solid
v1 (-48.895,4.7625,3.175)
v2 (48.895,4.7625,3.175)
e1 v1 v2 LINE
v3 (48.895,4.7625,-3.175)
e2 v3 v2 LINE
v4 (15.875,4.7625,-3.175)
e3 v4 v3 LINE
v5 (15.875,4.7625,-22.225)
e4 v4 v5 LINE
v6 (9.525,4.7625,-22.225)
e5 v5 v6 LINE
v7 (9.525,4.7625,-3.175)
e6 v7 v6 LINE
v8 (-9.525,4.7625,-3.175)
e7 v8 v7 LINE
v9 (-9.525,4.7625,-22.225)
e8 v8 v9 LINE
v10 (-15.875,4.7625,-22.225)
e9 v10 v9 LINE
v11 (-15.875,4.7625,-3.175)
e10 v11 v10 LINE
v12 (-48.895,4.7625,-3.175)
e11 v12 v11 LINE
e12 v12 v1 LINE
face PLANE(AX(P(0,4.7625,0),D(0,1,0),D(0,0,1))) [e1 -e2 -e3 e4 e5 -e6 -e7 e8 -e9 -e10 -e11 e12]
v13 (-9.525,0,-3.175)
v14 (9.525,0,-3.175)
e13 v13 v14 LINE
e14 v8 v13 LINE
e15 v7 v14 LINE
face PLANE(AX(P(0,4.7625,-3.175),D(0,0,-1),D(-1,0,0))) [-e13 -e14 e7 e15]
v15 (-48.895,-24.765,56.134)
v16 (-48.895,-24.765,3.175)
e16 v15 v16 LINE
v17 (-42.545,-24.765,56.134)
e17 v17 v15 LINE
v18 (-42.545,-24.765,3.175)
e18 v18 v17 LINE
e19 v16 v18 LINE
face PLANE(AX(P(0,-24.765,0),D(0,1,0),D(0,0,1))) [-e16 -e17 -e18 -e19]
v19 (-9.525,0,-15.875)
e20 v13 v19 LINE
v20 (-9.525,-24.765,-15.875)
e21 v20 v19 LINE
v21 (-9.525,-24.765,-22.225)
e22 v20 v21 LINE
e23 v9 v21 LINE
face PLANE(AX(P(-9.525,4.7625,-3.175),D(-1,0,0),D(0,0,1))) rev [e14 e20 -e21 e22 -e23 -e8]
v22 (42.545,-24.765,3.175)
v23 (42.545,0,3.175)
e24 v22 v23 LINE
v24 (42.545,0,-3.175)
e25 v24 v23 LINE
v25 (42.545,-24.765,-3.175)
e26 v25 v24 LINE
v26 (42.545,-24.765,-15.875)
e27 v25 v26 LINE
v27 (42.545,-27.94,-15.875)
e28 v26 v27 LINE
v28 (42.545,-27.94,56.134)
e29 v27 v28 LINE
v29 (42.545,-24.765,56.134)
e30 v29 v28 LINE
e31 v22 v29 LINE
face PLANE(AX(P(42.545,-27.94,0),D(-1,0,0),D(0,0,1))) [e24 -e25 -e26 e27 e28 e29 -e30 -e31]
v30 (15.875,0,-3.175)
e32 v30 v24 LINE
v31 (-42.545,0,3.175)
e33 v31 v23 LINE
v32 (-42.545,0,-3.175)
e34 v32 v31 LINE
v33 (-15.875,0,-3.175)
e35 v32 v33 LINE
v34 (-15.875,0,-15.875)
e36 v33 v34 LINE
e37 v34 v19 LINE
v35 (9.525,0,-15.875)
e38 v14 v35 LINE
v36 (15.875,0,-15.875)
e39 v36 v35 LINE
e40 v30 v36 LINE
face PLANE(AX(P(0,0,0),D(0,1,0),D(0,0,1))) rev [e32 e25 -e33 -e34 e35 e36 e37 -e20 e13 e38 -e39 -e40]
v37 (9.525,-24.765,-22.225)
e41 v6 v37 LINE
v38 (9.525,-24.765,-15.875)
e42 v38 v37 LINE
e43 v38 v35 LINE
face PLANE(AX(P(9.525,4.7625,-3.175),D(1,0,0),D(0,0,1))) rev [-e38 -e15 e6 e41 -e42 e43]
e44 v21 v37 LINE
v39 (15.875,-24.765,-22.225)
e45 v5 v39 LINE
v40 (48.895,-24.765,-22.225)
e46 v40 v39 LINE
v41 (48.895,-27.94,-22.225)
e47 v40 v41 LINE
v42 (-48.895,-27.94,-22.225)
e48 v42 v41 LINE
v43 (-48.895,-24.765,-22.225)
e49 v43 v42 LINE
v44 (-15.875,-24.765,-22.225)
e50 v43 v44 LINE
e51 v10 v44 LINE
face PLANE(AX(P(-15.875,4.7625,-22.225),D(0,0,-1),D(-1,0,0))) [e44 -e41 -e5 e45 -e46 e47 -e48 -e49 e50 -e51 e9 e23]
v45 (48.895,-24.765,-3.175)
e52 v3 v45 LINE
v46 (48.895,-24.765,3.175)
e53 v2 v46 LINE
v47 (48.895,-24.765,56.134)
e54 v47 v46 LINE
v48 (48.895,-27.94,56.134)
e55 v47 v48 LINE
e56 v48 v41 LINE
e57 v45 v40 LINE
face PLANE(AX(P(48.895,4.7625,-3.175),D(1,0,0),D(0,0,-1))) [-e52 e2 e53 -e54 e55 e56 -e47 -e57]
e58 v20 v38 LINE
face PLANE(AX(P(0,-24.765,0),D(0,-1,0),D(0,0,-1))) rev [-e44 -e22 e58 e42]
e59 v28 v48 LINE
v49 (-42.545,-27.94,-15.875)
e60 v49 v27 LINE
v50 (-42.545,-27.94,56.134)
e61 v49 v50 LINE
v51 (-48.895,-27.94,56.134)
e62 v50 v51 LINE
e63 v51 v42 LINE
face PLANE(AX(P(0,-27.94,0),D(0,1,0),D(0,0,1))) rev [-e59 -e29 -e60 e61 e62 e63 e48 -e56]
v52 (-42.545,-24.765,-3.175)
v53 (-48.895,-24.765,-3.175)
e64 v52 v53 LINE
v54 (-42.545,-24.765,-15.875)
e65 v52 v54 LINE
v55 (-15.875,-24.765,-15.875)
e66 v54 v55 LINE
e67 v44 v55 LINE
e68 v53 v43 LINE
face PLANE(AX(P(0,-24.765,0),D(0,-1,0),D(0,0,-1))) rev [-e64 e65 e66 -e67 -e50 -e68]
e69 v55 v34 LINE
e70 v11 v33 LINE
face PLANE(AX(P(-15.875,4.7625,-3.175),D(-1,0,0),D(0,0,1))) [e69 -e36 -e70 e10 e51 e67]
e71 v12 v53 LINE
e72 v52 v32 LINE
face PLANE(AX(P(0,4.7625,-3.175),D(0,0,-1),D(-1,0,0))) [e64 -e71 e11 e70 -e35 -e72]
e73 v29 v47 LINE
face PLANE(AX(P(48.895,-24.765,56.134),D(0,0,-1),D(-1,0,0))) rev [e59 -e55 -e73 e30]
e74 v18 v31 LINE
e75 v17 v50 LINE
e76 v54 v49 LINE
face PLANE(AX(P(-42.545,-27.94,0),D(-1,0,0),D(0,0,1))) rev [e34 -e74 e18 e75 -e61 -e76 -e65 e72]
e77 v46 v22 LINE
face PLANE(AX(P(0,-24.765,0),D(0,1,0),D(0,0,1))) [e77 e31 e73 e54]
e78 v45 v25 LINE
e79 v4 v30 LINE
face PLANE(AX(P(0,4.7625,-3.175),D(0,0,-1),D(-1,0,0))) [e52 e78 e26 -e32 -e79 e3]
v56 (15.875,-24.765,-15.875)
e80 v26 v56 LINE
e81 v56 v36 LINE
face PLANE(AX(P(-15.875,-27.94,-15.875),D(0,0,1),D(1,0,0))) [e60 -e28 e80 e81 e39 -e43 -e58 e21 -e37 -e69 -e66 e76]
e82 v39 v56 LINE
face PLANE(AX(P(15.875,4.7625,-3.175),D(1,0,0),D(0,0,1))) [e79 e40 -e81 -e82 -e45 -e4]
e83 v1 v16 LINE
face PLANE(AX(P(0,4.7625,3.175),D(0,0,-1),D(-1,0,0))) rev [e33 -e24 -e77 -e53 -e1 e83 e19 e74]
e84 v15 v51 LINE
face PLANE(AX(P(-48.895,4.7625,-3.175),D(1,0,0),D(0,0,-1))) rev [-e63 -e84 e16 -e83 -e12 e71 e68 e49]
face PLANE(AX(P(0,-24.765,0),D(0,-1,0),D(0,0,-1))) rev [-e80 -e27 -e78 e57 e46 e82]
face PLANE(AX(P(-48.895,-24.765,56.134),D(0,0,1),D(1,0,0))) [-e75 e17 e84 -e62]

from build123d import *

# Parameters (mm, degrees)
BOSS_EXTRUDE1_DEPTH = 4.7625
SKETCH1_3_W         = 6.35
SKETCH1_3_H         = 6.35
BOSS_EXTRUDE2_DEPTH = 27.94
SKETCH2_W           = 19.05
SKETCH2_H           = 6.35
BOSS_EXTRUDE3_DEPTH = 3.175
SKETCH3_W           = 6.35
SKETCH3_H           = 52.959
BOSS_EXTRUDE4_DEPTH = 3.175


with BuildPart() as part:
    # Sketch1 → Boss-Extrude1 (new body)
    with BuildSketch(Plane(origin=(0, 0, 0), x_dir=(1, 0, 0), z_dir=(0, 1, 0))):
        Polygon((-48.895, 3.175), (-48.895, -3.175), (48.895, -3.175), (48.895, 3.175), (-9.525, 3.175), (-9.525, 22.225), (-15.875, 22.225), (-15.875, 3.175), align=None)
    extrude(amount=BOSS_EXTRUDE1_DEPTH)

    # Sketch1<3> → Boss-Extrude2 (add)
    with BuildSketch(Plane(origin=(0, 0, 0), x_dir=(1, 0, 0), z_dir=(0, 1, 0))):
        with Locations((-45.72, 0)):
            Rectangle(SKETCH1_3_W, SKETCH1_3_H)
        with Locations((45.72, 0)):
            Rectangle(SKETCH1_3_W, SKETCH1_3_H)
        with Locations((-12.7, 19.05)):
            Rectangle(SKETCH1_3_W, SKETCH1_3_H)
    extrude(amount=-BOSS_EXTRUDE2_DEPTH)

    # Mirror1: part across plane


with BuildPart() as part_1:
    add(part.part)
    add(part.part.mirror(Plane(origin=(0, 0, 0), x_dir=(0, 0, 1), z_dir=(1, 0, 0))))

    # Sketch2 → Boss-Extrude3 (add)
    with BuildSketch(Plane.XZ.offset(27.94)):
        with Locations((0, -19.05)):
            Rectangle(SKETCH2_W, SKETCH2_H)
        Polygon((-42.545, 3.175), (-48.895, 3.175), (-48.895, -22.225), (-15.875, -22.225), (-15.875, -15.875), (-42.545, -15.875), align=None)
        Polygon((48.895, 3.175), (42.545, 3.175), (42.545, -15.875), (15.875, -15.875), (15.875, -22.225), (48.895, -22.225), align=None)
    extrude(amount=-BOSS_EXTRUDE3_DEPTH)

    # Sketch3 → Boss-Extrude4 (add)
    with BuildSketch(Plane.XZ.offset(27.94)):
        with Locations((-45.72, 29.6545)):
            Rectangle(SKETCH3_W, SKETCH3_H)
    boss_extrude4 = extrude(amount=-BOSS_EXTRUDE4_DEPTH)

    # Mirror2: Boss-Extrude4 across plane
    add(boss_extrude4.mirror(Plane(origin=(0, 0, 0), x_dir=(0, 0, 1), z_dir=(1, 0, 0))))


solid = part_1.part
